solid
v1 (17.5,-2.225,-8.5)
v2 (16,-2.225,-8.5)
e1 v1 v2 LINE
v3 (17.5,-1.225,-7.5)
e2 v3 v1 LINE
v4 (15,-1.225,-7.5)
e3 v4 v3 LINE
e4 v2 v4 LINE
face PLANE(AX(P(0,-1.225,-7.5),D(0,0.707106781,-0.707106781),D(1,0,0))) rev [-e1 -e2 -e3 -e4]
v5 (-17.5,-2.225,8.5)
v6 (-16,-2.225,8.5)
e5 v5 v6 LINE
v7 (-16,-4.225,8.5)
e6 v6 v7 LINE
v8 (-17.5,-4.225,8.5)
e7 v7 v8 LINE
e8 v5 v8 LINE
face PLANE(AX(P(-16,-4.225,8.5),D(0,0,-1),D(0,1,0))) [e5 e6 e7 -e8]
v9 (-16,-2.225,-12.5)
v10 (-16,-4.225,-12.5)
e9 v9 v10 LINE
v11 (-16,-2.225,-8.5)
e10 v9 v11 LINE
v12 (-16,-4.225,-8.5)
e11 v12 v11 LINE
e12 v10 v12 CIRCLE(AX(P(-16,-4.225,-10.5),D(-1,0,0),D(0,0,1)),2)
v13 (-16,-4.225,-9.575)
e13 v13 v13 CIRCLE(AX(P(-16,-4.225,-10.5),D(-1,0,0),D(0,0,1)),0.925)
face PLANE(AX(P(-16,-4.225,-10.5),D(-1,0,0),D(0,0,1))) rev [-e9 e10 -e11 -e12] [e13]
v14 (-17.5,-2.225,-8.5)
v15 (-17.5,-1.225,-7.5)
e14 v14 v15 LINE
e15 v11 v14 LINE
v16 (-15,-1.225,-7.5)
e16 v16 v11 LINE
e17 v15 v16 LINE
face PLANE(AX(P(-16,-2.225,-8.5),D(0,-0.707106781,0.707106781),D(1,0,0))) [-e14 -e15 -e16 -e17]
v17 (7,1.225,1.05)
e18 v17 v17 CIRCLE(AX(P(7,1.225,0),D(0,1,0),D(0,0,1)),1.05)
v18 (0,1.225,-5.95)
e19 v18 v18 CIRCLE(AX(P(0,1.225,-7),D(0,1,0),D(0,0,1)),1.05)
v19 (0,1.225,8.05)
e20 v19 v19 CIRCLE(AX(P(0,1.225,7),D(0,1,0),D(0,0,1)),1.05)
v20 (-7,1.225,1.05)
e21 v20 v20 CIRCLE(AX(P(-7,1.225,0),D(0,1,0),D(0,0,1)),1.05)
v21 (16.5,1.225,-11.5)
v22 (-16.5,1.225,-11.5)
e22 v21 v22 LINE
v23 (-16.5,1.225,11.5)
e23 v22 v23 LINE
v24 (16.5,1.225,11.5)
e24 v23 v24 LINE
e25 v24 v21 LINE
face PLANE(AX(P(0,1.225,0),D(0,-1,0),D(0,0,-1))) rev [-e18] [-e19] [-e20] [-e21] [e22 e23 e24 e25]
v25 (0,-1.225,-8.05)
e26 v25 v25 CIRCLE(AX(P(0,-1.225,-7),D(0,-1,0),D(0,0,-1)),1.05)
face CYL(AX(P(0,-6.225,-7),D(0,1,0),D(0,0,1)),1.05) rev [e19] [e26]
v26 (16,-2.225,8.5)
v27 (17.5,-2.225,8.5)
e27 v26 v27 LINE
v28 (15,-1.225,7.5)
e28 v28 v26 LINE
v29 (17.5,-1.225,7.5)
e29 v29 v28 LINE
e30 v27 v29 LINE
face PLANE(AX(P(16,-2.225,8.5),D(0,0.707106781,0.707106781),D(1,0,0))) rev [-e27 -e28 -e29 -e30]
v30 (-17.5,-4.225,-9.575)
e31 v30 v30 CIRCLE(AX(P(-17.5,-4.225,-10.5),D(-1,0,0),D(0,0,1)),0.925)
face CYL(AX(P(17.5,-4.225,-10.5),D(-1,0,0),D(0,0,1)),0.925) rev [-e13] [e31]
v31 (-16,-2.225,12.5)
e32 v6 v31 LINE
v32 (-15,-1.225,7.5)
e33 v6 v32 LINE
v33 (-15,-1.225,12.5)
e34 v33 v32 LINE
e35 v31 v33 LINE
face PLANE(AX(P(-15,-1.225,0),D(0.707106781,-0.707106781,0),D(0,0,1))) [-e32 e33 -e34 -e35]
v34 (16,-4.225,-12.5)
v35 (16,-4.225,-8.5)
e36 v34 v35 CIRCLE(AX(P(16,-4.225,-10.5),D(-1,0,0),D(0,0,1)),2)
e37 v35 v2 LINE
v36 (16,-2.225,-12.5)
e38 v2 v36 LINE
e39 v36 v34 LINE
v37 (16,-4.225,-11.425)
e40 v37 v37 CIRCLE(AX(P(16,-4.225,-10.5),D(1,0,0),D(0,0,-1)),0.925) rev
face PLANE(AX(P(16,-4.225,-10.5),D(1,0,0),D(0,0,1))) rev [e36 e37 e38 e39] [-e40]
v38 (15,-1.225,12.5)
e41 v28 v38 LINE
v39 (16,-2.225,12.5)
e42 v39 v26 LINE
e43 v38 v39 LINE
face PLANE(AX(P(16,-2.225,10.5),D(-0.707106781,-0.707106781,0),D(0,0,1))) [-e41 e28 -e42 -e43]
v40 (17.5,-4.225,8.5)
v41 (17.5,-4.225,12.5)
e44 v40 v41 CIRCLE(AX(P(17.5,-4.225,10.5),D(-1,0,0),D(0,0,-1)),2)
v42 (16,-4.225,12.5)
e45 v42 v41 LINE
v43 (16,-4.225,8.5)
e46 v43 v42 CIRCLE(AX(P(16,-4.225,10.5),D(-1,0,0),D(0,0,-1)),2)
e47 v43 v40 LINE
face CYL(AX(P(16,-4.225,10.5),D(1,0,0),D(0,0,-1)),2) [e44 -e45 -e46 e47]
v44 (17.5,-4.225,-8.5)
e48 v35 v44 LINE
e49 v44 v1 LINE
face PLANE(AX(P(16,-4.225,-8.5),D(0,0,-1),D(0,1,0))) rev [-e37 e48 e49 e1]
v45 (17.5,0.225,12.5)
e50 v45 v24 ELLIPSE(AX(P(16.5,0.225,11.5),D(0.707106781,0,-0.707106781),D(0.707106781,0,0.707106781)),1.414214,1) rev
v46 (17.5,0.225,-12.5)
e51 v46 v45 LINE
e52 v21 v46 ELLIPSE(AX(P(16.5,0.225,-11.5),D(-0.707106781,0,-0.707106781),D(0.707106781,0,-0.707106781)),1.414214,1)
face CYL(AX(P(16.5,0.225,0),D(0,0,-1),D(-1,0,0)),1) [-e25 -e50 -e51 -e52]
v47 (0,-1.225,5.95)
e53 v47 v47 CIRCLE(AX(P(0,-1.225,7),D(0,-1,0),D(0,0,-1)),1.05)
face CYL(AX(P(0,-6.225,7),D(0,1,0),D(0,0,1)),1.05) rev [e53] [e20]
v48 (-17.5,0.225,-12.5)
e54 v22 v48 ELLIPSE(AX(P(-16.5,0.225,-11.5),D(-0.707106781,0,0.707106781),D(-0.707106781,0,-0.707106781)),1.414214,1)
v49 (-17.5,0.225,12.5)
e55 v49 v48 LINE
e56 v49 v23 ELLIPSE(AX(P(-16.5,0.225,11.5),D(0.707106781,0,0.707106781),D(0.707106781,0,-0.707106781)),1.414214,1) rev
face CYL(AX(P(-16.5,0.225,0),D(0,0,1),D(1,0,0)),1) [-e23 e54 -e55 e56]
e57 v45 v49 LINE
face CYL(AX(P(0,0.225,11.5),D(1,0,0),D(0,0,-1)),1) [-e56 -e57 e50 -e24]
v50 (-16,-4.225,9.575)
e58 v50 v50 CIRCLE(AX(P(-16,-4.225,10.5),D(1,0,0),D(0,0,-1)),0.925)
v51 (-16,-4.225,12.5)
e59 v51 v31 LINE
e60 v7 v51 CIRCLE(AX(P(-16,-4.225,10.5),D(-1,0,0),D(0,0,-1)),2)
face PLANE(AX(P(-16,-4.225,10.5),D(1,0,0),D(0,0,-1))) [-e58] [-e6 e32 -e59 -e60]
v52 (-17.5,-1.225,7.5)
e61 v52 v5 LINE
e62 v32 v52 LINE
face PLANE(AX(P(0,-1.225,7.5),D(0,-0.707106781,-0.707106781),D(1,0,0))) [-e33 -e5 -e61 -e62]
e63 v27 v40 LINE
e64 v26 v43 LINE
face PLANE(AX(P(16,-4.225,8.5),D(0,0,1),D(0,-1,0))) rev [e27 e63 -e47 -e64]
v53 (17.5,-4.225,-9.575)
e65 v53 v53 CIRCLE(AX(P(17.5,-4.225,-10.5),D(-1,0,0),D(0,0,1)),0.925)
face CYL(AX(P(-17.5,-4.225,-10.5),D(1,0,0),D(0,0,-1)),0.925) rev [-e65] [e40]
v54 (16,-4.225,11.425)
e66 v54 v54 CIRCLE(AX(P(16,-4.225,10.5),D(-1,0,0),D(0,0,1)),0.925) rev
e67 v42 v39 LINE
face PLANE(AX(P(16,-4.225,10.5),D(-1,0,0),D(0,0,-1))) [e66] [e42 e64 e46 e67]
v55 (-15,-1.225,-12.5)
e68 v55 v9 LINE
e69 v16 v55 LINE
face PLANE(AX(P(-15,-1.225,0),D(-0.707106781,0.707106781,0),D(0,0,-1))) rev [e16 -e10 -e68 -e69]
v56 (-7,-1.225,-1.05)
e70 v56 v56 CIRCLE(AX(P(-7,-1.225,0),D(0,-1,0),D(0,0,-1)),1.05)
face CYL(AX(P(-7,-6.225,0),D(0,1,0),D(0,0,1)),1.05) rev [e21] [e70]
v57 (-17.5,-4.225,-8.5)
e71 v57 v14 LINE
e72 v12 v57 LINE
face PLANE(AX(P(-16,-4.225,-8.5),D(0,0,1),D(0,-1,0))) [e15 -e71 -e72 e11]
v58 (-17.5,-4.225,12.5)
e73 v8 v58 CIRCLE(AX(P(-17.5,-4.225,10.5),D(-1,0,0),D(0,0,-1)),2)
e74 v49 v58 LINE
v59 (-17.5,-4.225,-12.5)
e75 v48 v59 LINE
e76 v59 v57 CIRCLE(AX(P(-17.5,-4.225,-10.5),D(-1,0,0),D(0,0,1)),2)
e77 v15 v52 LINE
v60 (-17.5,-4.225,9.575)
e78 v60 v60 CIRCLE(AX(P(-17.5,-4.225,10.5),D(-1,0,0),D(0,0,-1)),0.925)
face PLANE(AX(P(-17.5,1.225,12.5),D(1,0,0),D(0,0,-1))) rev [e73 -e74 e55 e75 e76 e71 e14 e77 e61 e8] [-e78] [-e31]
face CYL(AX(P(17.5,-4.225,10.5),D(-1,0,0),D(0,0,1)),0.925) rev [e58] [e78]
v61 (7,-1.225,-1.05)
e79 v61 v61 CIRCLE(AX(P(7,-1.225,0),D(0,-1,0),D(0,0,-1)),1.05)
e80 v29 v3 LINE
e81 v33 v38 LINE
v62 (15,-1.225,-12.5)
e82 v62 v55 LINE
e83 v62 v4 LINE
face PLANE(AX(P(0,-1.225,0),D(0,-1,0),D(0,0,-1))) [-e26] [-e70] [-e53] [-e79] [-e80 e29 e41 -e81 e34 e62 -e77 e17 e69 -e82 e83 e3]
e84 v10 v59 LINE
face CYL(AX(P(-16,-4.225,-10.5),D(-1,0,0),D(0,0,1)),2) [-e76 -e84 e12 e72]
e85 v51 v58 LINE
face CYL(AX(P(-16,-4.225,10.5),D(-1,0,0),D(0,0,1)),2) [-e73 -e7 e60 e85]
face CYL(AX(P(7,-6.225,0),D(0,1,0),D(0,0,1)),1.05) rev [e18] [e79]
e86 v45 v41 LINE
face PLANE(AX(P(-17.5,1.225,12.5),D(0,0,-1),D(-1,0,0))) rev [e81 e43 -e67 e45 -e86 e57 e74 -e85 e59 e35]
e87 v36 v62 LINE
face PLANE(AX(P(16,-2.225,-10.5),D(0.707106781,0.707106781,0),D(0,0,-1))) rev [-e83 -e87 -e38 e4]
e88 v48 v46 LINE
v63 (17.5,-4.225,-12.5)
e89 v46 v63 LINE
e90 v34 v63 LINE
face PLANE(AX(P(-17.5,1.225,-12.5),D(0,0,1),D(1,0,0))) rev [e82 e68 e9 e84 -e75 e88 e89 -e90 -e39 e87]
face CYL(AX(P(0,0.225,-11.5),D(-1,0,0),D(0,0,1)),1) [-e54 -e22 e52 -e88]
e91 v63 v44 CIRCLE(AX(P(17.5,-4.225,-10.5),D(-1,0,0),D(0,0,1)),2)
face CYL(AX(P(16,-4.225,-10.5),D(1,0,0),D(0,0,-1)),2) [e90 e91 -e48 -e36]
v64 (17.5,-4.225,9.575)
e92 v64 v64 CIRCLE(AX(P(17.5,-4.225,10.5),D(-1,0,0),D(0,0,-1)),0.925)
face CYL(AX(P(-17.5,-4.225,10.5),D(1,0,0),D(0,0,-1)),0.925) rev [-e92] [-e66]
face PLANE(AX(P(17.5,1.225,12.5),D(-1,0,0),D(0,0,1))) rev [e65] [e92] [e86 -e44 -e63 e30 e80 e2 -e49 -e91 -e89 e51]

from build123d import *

# Parameters (mm, degrees)
SKETCH_1_W          = 35
SKETCH_1_H          = 25
EXTRUDE_1_DEPTH     = 1.225
EXTRUDE_2_DEPTH     = 1.5
SKETCH_4_R          = 0.925
CUT_EXTRUDE_1_DEPTH = 38.682895656
CHAMFER_1_SIZE      = 1
FILLET_1_R          = 1
SKETCH_5_R          = 1.05
CUT_EXTRUDE_2_DEPTH = 23.759668275


with BuildPart() as part:
    # 草图1 → 凸台-拉伸1 (new, symmetric)
    with BuildSketch(Plane(origin=(0, 0, 0), x_dir=(1, 0, 0), z_dir=(0, 1, 0))):
        Rectangle(SKETCH_1_W, SKETCH_1_H)
    extrude(amount=EXTRUDE_1_DEPTH, both=True)

    # 草图2 → 凸台-拉伸2 (add)
    with BuildSketch(Plane.ZY.offset(17.5)):
        with BuildLine():
            Line((-12.5, -1.225), (-12.5, -4.225))
            ThreePointArc((-12.5, -4.225), (-10.5, -6.225), (-8.5, -4.225))
            Line((-8.5, -4.225), (-8.5, -1.225))
            Line((-8.5, -1.225), (-12.5, -1.225))
        make_face()
        with BuildLine():
            Line((8.5, -1.225), (12.5, -1.225))
            Line((12.5, -1.225), (12.5, -4.225))
            ThreePointArc((12.5, -4.225), (10.5, -6.225), (8.5, -4.225))
            Line((8.5, -4.225), (8.5, -1.225))
        make_face()
    extrude_2 = extrude(amount=-EXTRUDE_2_DEPTH)

    # 草图4 → 切除-拉伸1 (cut, through all)
    with BuildSketch(Plane.ZY.offset(17.5)):
        with Locations((-10.5, -4.225)):
            Circle(SKETCH_4_R)
        with Locations(Location((10.5, -4.225, 0), (0, 0, 180))):
            Circle(SKETCH_4_R)
    cut_extrude_1 = extrude(amount=-CUT_EXTRUDE_1_DEPTH, mode=Mode.SUBTRACT)

    # 镜向1: 凸台-拉伸2, 切除-拉伸1 across plane
    add(extrude_2.mirror(Plane(origin=(0, 0, 0), x_dir=(0, 0, 1), z_dir=(1, 0, 0))))
    add(cut_extrude_1.mirror(Plane(origin=(0, 0, 0), x_dir=(0, 0, 1), z_dir=(1, 0, 0))), mode=Mode.SUBTRACT)

    # 倒角1
    chamfer_1_edges = [part.edges().sort_by_distance(p)[0] for p in [
        (-16, -1.225, -10.5),
        (-16.75, -1.225, -8.5),
        (-16, -1.225, 10.5),
        (-16.75, -1.225, 8.5),
        (16.75, -1.225, -8.5),
        (16, -1.225, -10.5),
        (16.75, -1.225, 8.5),
        (16, -1.225, 10.5),
    ]]
    chamfer(chamfer_1_edges, length=CHAMFER_1_SIZE)

    # 圆角1
    fillet_1_edges = [part.edges().sort_by_distance(p)[0] for p in [
        (-17.5, 1.225, 0),
        (0, 1.225, 12.5),
        (17.5, 1.225, 0),
        (0, 1.225, -12.5),
    ]]
    fillet(fillet_1_edges, radius=FILLET_1_R)

    # 草图5 → 切除-拉伸2 (cut, through all)
    with BuildSketch(Plane(origin=(0, 1.225, 0), x_dir=(1, 0, 0), z_dir=(0, 1, 0))):
        with Locations(Location((0, 7, 0), (0, 0, 270))):
            Circle(SKETCH_5_R)
        with Locations(Location((7, 0, 0), (0, 0, 270))):
            Circle(SKETCH_5_R)
        with Locations(Location((-7, 0, 0), (0, 0, 270))):
            Circle(SKETCH_5_R)
        with Locations(Location((0, -7, 0), (0, 0, 270))):
            Circle(SKETCH_5_R)
    extrude(amount=-CUT_EXTRUDE_2_DEPTH, mode=Mode.SUBTRACT)


solid = part.part
